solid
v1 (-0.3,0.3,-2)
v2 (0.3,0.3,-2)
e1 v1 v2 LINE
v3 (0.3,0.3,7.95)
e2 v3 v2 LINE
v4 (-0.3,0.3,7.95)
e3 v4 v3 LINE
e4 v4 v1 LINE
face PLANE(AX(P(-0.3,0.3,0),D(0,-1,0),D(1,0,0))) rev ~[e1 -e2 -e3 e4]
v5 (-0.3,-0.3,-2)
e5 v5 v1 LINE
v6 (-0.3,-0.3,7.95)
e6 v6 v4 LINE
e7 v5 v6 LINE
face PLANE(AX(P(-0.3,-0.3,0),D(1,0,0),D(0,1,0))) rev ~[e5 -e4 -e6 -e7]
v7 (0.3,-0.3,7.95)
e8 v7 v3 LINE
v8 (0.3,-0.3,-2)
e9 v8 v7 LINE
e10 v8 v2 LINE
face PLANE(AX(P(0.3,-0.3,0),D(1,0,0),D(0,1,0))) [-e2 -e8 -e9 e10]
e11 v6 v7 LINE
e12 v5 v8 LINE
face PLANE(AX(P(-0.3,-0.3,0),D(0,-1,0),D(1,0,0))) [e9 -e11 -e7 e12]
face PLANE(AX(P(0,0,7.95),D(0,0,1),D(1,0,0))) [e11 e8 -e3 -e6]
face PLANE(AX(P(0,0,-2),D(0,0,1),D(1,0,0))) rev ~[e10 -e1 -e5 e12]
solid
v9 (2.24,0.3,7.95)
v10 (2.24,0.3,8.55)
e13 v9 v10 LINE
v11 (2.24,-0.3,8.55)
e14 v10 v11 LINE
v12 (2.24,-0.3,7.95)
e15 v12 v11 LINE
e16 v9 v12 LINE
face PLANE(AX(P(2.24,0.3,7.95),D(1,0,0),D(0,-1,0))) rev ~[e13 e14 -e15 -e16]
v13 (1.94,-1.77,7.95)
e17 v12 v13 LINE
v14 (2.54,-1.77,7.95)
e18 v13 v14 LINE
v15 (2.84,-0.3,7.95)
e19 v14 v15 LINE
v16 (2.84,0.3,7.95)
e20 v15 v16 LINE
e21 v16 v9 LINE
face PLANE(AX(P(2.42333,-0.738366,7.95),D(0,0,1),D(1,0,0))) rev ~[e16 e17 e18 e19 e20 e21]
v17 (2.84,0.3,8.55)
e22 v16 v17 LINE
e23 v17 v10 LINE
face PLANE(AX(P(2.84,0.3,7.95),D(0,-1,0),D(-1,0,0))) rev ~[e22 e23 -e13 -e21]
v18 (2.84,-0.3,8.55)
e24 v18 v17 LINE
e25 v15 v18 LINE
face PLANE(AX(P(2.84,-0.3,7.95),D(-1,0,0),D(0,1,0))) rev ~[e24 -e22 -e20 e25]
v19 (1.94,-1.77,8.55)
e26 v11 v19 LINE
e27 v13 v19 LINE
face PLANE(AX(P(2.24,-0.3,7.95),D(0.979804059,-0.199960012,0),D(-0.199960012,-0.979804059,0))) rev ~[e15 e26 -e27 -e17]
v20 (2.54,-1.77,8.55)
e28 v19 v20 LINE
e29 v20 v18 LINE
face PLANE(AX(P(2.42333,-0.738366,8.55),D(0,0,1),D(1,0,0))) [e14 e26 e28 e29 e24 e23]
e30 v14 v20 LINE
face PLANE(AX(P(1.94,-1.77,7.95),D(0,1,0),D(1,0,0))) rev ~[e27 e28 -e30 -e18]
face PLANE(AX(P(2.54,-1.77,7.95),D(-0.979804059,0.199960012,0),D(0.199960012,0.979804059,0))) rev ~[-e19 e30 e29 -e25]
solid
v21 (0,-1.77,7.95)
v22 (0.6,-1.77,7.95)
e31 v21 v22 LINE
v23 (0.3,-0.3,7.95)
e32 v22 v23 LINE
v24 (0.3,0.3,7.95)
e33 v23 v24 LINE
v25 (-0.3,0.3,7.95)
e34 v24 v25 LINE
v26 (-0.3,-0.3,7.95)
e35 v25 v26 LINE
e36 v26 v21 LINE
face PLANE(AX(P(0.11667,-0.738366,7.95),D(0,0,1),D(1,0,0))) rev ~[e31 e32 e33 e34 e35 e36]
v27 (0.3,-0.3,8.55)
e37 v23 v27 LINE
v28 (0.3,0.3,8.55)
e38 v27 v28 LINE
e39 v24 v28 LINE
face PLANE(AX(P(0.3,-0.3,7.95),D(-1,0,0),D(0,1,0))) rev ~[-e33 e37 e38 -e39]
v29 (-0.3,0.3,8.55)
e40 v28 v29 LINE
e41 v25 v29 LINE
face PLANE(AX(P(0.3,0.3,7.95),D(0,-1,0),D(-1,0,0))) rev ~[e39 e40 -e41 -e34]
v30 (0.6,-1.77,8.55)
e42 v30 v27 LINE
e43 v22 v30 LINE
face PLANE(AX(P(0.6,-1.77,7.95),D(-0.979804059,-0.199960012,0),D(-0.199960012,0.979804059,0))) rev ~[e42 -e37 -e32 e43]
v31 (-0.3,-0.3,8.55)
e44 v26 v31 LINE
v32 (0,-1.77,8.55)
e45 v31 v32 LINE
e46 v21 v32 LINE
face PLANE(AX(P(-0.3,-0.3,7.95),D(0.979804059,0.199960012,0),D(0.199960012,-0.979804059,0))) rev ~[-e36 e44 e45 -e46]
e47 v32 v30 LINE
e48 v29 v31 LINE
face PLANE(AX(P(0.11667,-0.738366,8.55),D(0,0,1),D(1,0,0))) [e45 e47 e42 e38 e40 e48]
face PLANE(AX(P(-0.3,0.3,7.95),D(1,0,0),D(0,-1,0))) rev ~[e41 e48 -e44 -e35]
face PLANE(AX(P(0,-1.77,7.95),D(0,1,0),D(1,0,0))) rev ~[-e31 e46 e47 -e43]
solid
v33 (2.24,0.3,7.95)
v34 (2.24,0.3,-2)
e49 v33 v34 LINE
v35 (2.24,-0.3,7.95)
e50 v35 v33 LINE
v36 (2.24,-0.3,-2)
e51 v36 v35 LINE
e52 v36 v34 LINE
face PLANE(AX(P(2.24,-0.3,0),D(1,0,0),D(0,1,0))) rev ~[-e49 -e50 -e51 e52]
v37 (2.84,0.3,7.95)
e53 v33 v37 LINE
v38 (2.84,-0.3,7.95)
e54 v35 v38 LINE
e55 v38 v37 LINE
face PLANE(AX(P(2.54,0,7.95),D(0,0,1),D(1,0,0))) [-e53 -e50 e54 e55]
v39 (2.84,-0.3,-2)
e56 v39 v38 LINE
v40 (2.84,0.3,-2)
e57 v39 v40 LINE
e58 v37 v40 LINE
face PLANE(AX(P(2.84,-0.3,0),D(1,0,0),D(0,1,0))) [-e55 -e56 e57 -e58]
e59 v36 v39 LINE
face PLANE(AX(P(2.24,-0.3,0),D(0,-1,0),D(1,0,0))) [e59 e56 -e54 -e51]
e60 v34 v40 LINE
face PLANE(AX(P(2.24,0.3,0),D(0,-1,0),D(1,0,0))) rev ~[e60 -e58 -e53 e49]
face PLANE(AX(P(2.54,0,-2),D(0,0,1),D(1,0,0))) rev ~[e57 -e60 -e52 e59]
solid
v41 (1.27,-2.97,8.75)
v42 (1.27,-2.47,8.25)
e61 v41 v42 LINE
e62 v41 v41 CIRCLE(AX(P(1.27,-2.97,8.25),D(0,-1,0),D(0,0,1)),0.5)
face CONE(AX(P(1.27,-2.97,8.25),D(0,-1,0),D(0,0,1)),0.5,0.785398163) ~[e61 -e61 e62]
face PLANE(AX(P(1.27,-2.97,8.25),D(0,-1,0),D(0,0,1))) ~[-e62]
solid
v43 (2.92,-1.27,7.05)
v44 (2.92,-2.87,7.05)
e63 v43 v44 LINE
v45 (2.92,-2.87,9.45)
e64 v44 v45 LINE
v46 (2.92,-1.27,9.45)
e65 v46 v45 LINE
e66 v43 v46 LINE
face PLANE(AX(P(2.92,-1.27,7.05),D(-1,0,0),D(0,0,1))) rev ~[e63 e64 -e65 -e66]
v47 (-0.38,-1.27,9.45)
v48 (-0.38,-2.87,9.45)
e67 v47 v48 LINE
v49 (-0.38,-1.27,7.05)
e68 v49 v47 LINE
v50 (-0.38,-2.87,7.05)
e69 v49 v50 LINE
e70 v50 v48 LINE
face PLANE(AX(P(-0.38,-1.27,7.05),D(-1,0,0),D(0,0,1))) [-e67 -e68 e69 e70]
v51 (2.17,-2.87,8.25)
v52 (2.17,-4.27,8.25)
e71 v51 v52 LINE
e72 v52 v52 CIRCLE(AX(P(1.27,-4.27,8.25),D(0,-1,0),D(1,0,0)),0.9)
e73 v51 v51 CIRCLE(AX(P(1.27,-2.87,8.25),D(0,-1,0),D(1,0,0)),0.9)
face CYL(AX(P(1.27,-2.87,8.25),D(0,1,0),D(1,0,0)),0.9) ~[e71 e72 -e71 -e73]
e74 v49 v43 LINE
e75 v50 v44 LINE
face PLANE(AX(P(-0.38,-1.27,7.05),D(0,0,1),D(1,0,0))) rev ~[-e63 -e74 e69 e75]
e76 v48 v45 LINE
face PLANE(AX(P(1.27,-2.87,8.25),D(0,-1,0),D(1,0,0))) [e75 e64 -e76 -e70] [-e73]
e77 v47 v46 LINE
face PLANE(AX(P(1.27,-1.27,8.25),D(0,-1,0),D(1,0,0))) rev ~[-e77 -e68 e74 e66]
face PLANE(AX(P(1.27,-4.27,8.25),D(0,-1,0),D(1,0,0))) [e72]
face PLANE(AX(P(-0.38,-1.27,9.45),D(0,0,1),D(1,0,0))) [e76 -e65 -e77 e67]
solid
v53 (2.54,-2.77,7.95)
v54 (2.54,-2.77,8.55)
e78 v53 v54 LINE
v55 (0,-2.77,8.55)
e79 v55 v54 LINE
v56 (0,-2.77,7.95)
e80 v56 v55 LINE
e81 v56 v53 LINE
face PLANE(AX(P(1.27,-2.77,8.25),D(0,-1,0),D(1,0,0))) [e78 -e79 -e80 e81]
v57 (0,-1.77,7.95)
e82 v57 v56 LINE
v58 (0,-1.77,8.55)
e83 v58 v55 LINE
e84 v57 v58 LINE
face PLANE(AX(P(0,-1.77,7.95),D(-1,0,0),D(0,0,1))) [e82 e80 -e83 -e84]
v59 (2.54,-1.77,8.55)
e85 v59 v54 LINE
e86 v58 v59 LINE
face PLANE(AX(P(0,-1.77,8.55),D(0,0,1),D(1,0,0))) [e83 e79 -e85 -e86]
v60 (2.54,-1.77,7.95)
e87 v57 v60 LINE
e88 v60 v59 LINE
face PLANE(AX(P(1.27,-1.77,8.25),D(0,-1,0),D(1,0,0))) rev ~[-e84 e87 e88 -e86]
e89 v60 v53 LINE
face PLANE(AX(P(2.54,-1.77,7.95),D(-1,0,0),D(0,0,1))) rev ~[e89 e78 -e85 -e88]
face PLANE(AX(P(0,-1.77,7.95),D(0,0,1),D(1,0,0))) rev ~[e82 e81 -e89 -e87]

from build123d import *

# Parameters (mm, degrees)
SKETCH_W       = 0.6
SKETCH_H       = 0.6
PAD_DEPTH      = 7.95
PAD_DEPTH_BACK = 2
PAD001_DEPTH   = 0.6
SKETCH002_W    = 2.54
SKETCH002_H    = 0.6
PAD002_DEPTH   = 1
SKETCH004_W    = 3.3
SKETCH004_H    = 2.4
PAD003_DEPTH   = 1.6
SKETCH006_R    = 0.9
PAD004_DEPTH   = 1.4


with BuildPart() as pad:
    # Sketch → Pad (new body, two sides)
    with BuildSketch(Plane.XY) as pad_sk:
        Rectangle(SKETCH_W, SKETCH_H)
        with Locations((2.54, 0)):
            Rectangle(SKETCH_W, SKETCH_H)
    extrude(amount=PAD_DEPTH)
    extrude(pad_sk.sketch, amount=-PAD_DEPTH_BACK)


with BuildPart() as pad001:
    # Sketch001 → Pad001 (new body)
    with BuildSketch(Plane.XY.offset(7.95)):
        Polygon((0.3, 0.3), (-0.3, 0.3), (-0.3, -0.3), (0, -1.77), (0.6, -1.77), (0.3, -0.3), align=None)
        Polygon((2.84, 0.3), (2.24, 0.3), (2.24, -0.3), (1.94, -1.77), (2.54, -1.77), (2.84, -0.3), align=None)
    extrude(amount=PAD001_DEPTH)


with BuildPart() as pad002:
    # Sketch002 → Pad002 (new body)
    with BuildSketch(Plane.XZ.offset(1.77)):
        with Locations((1.27, 8.25)):
            Rectangle(SKETCH002_W, SKETCH002_H)
    extrude(amount=PAD002_DEPTH)


with BuildPart() as revolution001:
    # Sketch005 → Revolution001 (revolve)
    with BuildSketch(Plane.YZ.offset(1.27)):
        Polygon((-2.47, 8.25), (-2.97, 8.25), (-2.97, 8.75), align=None)
    revolve(axis=Axis((1.27, -3.977201, 8.25), (0, -1, 0)))


with BuildPart() as pad004:
    # Sketch004 → Pad003 (new body)
    with BuildSketch(Plane.XZ.offset(1.27)):
        with Locations((1.27, 8.25)):
            Rectangle(SKETCH004_W, SKETCH004_H)
    extrude(amount=PAD003_DEPTH)

    # Sketch006 → Pad004 (new body)
    with BuildSketch(Plane.XZ.offset(2.87)):
        with Locations((1.27, 8.25)):
            Circle(SKETCH006_R)
    extrude(amount=PAD004_DEPTH)


solid = Compound([pad.part, pad001.part, pad002.part, revolution001.part, pad004.part])
